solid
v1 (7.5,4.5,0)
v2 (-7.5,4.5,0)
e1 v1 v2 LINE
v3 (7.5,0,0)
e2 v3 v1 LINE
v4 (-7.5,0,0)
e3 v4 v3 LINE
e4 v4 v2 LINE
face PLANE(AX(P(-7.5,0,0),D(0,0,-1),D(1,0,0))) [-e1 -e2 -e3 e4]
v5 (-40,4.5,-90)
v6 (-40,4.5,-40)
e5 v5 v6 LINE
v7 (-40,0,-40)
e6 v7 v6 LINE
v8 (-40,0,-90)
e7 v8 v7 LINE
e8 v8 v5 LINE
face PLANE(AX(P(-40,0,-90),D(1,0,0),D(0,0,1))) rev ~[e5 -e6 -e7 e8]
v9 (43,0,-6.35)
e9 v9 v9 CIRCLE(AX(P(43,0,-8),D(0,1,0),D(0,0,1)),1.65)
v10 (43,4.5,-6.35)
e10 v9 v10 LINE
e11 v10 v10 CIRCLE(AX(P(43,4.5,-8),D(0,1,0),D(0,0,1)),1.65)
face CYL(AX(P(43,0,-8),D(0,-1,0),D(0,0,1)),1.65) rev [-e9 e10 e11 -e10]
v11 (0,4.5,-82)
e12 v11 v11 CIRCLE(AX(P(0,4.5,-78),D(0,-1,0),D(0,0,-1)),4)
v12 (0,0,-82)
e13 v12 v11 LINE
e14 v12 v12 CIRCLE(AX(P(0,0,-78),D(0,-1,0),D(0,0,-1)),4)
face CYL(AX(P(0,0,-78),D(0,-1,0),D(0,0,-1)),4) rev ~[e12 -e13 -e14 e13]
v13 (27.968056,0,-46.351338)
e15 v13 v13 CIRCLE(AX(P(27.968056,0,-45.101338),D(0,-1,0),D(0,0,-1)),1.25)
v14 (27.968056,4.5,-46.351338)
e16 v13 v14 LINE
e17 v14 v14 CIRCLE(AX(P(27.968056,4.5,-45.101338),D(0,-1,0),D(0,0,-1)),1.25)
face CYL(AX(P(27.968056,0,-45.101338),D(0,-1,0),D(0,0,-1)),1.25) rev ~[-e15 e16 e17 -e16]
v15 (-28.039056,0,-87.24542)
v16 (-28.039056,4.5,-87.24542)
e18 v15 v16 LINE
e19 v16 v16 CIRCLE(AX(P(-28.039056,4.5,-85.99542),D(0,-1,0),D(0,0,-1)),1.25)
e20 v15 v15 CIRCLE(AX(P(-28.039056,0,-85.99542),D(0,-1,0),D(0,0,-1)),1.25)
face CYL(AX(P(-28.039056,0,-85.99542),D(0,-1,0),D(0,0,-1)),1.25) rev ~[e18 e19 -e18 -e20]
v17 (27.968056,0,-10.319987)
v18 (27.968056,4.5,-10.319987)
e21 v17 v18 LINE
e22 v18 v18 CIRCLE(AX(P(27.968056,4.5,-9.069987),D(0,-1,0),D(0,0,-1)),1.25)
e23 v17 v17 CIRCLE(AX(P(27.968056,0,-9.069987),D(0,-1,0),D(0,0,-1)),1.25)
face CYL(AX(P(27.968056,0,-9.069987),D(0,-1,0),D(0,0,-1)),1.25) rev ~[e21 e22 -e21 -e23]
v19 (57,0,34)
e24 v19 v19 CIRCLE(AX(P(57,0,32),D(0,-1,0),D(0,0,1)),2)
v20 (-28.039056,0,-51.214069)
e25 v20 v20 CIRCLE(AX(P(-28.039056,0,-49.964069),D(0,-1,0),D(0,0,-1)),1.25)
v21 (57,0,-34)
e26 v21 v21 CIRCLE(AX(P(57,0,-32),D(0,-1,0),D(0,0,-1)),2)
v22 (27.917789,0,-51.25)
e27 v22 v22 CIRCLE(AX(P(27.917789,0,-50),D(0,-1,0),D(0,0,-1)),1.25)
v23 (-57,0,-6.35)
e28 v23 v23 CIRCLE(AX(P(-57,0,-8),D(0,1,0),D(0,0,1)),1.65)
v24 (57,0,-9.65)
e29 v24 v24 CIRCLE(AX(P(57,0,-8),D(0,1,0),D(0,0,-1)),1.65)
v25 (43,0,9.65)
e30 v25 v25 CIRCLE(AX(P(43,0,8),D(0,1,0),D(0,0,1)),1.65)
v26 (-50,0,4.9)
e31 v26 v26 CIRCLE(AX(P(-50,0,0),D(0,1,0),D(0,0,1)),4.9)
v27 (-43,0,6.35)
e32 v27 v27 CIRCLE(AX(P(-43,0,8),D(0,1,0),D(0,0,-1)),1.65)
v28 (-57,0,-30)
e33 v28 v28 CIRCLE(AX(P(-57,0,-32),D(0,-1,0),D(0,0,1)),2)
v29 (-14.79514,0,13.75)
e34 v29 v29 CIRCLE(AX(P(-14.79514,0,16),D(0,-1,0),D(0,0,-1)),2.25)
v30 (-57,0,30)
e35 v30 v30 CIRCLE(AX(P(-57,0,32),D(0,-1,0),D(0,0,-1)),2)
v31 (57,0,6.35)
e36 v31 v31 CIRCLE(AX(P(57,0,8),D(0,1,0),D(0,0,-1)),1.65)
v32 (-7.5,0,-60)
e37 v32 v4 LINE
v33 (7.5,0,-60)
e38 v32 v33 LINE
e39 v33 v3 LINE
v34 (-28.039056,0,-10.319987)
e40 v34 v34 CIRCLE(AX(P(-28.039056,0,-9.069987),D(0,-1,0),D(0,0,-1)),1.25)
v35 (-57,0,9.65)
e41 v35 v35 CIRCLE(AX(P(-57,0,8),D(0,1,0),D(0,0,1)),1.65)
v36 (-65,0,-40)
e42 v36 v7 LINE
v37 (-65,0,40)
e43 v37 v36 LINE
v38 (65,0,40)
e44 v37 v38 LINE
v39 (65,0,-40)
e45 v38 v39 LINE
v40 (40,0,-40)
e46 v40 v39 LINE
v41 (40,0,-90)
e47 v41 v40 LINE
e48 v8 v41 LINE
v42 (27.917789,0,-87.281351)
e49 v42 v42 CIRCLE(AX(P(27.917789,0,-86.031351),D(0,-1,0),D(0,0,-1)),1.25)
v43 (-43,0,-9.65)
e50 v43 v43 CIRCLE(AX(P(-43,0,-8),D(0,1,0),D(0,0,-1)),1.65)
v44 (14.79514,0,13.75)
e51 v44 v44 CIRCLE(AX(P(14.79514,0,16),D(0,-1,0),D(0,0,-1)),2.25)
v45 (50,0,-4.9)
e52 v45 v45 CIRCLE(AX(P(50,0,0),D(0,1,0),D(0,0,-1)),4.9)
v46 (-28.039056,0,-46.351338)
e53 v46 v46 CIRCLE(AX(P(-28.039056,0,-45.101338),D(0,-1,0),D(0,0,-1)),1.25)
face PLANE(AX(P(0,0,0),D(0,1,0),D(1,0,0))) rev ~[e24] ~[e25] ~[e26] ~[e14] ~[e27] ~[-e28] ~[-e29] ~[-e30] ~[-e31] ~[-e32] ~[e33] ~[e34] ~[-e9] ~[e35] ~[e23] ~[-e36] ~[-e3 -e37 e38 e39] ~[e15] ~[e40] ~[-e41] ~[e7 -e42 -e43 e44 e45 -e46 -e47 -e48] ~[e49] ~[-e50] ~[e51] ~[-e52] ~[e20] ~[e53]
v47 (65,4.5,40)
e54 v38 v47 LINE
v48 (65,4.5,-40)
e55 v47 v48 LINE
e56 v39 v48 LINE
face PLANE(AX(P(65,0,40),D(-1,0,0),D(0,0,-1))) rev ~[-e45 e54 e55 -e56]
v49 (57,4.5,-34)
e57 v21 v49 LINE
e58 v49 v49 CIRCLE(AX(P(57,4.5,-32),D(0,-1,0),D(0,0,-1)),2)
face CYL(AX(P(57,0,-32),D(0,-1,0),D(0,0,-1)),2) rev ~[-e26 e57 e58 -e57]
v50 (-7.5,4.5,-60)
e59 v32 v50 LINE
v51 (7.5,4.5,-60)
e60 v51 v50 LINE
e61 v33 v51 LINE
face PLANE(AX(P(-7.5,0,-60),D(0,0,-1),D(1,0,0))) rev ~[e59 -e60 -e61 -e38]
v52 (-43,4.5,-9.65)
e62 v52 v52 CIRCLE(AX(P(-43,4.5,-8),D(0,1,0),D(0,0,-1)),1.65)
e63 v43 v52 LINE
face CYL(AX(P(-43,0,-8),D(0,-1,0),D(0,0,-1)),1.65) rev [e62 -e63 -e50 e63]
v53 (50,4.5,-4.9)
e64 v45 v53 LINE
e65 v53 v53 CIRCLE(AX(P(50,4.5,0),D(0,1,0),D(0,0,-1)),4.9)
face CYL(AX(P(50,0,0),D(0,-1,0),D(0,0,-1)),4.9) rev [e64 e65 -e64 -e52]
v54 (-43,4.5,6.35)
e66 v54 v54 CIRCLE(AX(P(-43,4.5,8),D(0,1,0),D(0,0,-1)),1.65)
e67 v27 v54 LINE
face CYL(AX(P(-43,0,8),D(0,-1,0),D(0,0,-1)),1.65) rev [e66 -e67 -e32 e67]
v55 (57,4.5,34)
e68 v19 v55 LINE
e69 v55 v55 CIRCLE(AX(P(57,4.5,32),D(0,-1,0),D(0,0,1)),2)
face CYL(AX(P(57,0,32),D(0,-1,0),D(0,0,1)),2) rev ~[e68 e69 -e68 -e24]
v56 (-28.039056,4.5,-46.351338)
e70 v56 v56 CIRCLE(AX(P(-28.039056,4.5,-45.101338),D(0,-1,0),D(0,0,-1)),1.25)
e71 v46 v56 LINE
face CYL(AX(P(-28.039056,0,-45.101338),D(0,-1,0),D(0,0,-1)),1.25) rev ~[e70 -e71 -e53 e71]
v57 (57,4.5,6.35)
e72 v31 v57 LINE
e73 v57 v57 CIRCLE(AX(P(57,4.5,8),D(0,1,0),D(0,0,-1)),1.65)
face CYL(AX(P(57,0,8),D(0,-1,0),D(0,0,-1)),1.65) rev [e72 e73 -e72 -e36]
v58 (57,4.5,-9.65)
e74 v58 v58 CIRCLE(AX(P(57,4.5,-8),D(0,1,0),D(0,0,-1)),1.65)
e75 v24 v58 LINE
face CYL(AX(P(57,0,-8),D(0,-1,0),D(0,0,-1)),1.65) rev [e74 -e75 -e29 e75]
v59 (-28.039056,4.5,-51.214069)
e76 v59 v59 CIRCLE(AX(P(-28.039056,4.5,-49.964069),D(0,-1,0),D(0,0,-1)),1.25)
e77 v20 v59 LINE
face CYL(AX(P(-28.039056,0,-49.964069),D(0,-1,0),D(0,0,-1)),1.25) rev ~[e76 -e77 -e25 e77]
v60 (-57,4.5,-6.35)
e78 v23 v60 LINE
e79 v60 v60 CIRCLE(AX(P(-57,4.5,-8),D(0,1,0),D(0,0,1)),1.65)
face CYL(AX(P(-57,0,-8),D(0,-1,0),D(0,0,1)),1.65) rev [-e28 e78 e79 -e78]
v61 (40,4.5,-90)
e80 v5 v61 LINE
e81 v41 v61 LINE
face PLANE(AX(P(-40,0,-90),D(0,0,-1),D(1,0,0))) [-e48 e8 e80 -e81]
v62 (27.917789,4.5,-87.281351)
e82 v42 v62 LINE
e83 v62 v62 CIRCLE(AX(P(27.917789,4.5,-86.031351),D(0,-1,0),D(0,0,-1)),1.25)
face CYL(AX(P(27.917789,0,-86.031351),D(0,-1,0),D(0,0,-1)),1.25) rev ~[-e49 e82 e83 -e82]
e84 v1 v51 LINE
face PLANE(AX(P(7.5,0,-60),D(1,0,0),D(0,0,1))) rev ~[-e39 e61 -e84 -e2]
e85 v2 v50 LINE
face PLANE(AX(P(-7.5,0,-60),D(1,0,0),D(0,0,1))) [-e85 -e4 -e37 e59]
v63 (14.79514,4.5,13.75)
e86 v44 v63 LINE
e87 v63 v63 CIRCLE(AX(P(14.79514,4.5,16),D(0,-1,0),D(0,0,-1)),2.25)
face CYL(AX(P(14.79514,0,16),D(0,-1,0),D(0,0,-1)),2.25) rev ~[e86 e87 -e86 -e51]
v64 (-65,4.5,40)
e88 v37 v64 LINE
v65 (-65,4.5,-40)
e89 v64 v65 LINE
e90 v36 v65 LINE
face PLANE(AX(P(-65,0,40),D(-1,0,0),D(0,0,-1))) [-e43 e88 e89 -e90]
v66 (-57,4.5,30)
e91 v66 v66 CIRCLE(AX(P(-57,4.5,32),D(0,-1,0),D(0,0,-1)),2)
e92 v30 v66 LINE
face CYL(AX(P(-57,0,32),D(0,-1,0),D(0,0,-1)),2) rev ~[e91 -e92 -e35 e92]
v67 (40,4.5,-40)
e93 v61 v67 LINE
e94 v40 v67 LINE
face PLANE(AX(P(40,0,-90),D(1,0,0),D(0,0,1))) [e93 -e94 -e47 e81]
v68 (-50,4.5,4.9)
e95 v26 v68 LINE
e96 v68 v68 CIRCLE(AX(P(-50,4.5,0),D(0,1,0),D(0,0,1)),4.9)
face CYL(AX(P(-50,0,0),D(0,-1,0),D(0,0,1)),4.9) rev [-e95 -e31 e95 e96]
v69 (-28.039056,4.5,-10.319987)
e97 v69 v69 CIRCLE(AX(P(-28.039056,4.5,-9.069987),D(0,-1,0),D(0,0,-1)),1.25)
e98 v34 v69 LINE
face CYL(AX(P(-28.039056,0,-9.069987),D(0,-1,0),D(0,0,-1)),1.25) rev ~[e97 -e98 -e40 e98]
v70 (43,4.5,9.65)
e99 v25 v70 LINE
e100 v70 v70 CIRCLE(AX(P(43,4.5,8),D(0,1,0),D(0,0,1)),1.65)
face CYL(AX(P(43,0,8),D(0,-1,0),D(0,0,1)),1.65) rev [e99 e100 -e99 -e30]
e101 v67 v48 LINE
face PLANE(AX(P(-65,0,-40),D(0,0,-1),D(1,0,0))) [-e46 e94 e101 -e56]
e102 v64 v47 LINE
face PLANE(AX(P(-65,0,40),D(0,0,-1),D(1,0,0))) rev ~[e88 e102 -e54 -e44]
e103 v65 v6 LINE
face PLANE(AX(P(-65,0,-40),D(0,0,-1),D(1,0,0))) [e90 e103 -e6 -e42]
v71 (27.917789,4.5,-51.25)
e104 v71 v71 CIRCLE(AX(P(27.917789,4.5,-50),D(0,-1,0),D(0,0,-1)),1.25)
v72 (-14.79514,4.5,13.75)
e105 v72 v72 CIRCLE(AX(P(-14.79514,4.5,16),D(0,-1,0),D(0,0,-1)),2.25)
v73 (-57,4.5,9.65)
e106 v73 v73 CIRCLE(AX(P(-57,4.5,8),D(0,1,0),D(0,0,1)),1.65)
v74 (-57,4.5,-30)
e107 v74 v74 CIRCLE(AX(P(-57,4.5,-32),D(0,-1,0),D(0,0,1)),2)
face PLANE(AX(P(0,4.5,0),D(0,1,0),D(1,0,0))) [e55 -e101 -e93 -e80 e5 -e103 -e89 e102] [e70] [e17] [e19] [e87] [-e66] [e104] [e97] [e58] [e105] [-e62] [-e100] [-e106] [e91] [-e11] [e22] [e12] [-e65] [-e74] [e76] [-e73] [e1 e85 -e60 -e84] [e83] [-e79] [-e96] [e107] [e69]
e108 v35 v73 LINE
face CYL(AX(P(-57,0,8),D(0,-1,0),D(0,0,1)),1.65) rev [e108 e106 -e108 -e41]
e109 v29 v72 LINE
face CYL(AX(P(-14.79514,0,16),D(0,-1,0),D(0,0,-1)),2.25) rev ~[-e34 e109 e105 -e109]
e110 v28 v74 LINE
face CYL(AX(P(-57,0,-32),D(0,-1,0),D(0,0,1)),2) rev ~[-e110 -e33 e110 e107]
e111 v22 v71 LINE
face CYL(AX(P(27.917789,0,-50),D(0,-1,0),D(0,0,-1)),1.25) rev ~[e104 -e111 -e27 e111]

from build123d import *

# Parameters (mm, degrees)
SKETCH_2_W          = 130
SKETCH_2_H          = 80
SKETCH_2_R          = 4.9
SKETCH_2_R_2        = 1.65
EXTRUDE_1_DEPTH     = 4.5
SKETCH_3_R          = 2
CUT_EXTRUDE_1_DEPTH = 10
SKETCH_5_W          = 80
SKETCH_5_H          = 50
EXTRUDE_2_DEPTH     = 4.5
SKETCH_6_R          = 4
CUT_EXTRUDE_2_DEPTH = 10
SKETCH_7_R          = 2.25
CUT_EXTRUDE_3_DEPTH = 10
SKETCH_8_R          = 1.25
CUT_EXTRUDE_4_DEPTH = 10
SKETCH_9_W          = 15
SKETCH_9_H          = 60
CUT_EXTRUDE_5_DEPTH = 10
SKETCH_10_R         = 1.25
CUT_EXTRUDE_6_DEPTH = 10


with BuildPart() as part:
    # 草图2 → 凸台-拉伸1 (new body)
    with BuildSketch(Plane(origin=(0, 0, 0), x_dir=(1, 0, 0), z_dir=(0, 1, 0))):
        Rectangle(SKETCH_2_W, SKETCH_2_H)
        with Locations(Location((-50, 0, 0), (0, 0, 270))):
            Circle(SKETCH_2_R, mode=Mode.SUBTRACT)
        with Locations(Location((-57, 8, 0), (0, 0, 270))):
            Circle(SKETCH_2_R_2, mode=Mode.SUBTRACT)
        with Locations(Location((-57, -8, 0), (0, 0, 270))):
            Circle(SKETCH_2_R_2, mode=Mode.SUBTRACT)
        with Locations(Location((-43, 8, 0), (0, 0, 90))):
            Circle(SKETCH_2_R_2, mode=Mode.SUBTRACT)
        with Locations(Location((-43, -8, 0), (0, 0, 90))):
            Circle(SKETCH_2_R_2, mode=Mode.SUBTRACT)
        with Locations(Location((43, 8, 0), (0, 0, 270))):
            Circle(SKETCH_2_R_2, mode=Mode.SUBTRACT)
        with Locations(Location((43, -8, 0), (0, 0, 270))):
            Circle(SKETCH_2_R_2, mode=Mode.SUBTRACT)
        with Locations(Location((57, -8, 0), (0, 0, 90))):
            Circle(SKETCH_2_R_2, mode=Mode.SUBTRACT)
        with Locations(Location((50, 0, 0), (0, 0, 90))):
            Circle(SKETCH_2_R, mode=Mode.SUBTRACT)
        with Locations(Location((57, 8, 0), (0, 0, 90))):
            Circle(SKETCH_2_R_2, mode=Mode.SUBTRACT)
    extrude(amount=EXTRUDE_1_DEPTH)

    # 草图3 → 切除-拉伸1 (cut)
    with BuildSketch(Plane.XZ):
        with Locations(Location((-57, 32, 0), (0, 0, 270))):
            Circle(SKETCH_3_R)
        with Locations(Location((57, 32, 0), (0, 0, 90))):
            Circle(SKETCH_3_R)
        with Locations(Location((57, -32, 0), (0, 0, 270))):
            Circle(SKETCH_3_R)
        with Locations(Location((-57, -32, 0), (0, 0, 90))):
            Circle(SKETCH_3_R)
    extrude(amount=-CUT_EXTRUDE_1_DEPTH, mode=Mode.SUBTRACT)

    # 草图5 → 凸台-拉伸2 (add)
    with BuildSketch(Plane.XZ):
        with Locations((0, -65)):
            Rectangle(SKETCH_5_W, SKETCH_5_H)
    extrude(amount=-EXTRUDE_2_DEPTH)

    # 草图6 → 切除-拉伸2 (cut)
    with BuildSketch(Plane.XZ):
        with Locations(Location((0, -78, 0), (0, 0, 270))):
            Circle(SKETCH_6_R)
    extrude(amount=-CUT_EXTRUDE_2_DEPTH, mode=Mode.SUBTRACT)

    # 草图7 → 切除-拉伸3 (cut)
    with BuildSketch(Plane.XZ):
        with Locations(Location((-14.795139738, 16, 0), (0, 0, 270))):
            Circle(SKETCH_7_R)
        with Locations(Location((14.795139738, 16, 0), (0, 0, 270))):
            Circle(SKETCH_7_R)
    extrude(amount=-CUT_EXTRUDE_3_DEPTH, mode=Mode.SUBTRACT)

    # 草图8 → 切除-拉伸4 (cut)
    with BuildSketch(Plane.XZ):
        with Locations(Location((-28.039056388, -45.101338124, 0), (0, 0, 270))):
            Circle(SKETCH_8_R)
        with Locations(Location((27.968055626, -45.101338124, 0), (0, 0, 270))):
            Circle(SKETCH_8_R)
        with Locations(Location((27.917788926, -86.031350824, 0), (0, 0, 270))):
            Circle(SKETCH_8_R)
        with Locations(Location((-28.039056388, -85.995419912, 0), (0, 0, 270))):
            Circle(SKETCH_8_R)
    extrude(amount=-CUT_EXTRUDE_4_DEPTH, mode=Mode.SUBTRACT)

    # 草图9 → 切除-拉伸5 (cut)
    with BuildSketch(Plane.XZ):
        with Locations((0, -30)):
            Rectangle(SKETCH_9_W, SKETCH_9_H)
    extrude(amount=-CUT_EXTRUDE_5_DEPTH, mode=Mode.SUBTRACT)

    # 草图10 → 切除-拉伸6 (cut)
    with BuildSketch(Plane.XZ):
        with Locations(Location((27.968055626, -9.0699873, 0), (0, 0, 270))):
            Circle(SKETCH_10_R)
        with Locations(Location((-28.039056388, -9.0699873, 0), (0, 0, 270))):
            Circle(SKETCH_10_R)
        with Locations(Location((-28.039056388, -49.964069088, 0), (0, 0, 270))):
            Circle(SKETCH_10_R)
        with Locations(Location((27.917788926, -50, 0), (0, 0, 270))):
            Circle(SKETCH_10_R)
    extrude(amount=-CUT_EXTRUDE_6_DEPTH, mode=Mode.SUBTRACT)


solid = part.part
